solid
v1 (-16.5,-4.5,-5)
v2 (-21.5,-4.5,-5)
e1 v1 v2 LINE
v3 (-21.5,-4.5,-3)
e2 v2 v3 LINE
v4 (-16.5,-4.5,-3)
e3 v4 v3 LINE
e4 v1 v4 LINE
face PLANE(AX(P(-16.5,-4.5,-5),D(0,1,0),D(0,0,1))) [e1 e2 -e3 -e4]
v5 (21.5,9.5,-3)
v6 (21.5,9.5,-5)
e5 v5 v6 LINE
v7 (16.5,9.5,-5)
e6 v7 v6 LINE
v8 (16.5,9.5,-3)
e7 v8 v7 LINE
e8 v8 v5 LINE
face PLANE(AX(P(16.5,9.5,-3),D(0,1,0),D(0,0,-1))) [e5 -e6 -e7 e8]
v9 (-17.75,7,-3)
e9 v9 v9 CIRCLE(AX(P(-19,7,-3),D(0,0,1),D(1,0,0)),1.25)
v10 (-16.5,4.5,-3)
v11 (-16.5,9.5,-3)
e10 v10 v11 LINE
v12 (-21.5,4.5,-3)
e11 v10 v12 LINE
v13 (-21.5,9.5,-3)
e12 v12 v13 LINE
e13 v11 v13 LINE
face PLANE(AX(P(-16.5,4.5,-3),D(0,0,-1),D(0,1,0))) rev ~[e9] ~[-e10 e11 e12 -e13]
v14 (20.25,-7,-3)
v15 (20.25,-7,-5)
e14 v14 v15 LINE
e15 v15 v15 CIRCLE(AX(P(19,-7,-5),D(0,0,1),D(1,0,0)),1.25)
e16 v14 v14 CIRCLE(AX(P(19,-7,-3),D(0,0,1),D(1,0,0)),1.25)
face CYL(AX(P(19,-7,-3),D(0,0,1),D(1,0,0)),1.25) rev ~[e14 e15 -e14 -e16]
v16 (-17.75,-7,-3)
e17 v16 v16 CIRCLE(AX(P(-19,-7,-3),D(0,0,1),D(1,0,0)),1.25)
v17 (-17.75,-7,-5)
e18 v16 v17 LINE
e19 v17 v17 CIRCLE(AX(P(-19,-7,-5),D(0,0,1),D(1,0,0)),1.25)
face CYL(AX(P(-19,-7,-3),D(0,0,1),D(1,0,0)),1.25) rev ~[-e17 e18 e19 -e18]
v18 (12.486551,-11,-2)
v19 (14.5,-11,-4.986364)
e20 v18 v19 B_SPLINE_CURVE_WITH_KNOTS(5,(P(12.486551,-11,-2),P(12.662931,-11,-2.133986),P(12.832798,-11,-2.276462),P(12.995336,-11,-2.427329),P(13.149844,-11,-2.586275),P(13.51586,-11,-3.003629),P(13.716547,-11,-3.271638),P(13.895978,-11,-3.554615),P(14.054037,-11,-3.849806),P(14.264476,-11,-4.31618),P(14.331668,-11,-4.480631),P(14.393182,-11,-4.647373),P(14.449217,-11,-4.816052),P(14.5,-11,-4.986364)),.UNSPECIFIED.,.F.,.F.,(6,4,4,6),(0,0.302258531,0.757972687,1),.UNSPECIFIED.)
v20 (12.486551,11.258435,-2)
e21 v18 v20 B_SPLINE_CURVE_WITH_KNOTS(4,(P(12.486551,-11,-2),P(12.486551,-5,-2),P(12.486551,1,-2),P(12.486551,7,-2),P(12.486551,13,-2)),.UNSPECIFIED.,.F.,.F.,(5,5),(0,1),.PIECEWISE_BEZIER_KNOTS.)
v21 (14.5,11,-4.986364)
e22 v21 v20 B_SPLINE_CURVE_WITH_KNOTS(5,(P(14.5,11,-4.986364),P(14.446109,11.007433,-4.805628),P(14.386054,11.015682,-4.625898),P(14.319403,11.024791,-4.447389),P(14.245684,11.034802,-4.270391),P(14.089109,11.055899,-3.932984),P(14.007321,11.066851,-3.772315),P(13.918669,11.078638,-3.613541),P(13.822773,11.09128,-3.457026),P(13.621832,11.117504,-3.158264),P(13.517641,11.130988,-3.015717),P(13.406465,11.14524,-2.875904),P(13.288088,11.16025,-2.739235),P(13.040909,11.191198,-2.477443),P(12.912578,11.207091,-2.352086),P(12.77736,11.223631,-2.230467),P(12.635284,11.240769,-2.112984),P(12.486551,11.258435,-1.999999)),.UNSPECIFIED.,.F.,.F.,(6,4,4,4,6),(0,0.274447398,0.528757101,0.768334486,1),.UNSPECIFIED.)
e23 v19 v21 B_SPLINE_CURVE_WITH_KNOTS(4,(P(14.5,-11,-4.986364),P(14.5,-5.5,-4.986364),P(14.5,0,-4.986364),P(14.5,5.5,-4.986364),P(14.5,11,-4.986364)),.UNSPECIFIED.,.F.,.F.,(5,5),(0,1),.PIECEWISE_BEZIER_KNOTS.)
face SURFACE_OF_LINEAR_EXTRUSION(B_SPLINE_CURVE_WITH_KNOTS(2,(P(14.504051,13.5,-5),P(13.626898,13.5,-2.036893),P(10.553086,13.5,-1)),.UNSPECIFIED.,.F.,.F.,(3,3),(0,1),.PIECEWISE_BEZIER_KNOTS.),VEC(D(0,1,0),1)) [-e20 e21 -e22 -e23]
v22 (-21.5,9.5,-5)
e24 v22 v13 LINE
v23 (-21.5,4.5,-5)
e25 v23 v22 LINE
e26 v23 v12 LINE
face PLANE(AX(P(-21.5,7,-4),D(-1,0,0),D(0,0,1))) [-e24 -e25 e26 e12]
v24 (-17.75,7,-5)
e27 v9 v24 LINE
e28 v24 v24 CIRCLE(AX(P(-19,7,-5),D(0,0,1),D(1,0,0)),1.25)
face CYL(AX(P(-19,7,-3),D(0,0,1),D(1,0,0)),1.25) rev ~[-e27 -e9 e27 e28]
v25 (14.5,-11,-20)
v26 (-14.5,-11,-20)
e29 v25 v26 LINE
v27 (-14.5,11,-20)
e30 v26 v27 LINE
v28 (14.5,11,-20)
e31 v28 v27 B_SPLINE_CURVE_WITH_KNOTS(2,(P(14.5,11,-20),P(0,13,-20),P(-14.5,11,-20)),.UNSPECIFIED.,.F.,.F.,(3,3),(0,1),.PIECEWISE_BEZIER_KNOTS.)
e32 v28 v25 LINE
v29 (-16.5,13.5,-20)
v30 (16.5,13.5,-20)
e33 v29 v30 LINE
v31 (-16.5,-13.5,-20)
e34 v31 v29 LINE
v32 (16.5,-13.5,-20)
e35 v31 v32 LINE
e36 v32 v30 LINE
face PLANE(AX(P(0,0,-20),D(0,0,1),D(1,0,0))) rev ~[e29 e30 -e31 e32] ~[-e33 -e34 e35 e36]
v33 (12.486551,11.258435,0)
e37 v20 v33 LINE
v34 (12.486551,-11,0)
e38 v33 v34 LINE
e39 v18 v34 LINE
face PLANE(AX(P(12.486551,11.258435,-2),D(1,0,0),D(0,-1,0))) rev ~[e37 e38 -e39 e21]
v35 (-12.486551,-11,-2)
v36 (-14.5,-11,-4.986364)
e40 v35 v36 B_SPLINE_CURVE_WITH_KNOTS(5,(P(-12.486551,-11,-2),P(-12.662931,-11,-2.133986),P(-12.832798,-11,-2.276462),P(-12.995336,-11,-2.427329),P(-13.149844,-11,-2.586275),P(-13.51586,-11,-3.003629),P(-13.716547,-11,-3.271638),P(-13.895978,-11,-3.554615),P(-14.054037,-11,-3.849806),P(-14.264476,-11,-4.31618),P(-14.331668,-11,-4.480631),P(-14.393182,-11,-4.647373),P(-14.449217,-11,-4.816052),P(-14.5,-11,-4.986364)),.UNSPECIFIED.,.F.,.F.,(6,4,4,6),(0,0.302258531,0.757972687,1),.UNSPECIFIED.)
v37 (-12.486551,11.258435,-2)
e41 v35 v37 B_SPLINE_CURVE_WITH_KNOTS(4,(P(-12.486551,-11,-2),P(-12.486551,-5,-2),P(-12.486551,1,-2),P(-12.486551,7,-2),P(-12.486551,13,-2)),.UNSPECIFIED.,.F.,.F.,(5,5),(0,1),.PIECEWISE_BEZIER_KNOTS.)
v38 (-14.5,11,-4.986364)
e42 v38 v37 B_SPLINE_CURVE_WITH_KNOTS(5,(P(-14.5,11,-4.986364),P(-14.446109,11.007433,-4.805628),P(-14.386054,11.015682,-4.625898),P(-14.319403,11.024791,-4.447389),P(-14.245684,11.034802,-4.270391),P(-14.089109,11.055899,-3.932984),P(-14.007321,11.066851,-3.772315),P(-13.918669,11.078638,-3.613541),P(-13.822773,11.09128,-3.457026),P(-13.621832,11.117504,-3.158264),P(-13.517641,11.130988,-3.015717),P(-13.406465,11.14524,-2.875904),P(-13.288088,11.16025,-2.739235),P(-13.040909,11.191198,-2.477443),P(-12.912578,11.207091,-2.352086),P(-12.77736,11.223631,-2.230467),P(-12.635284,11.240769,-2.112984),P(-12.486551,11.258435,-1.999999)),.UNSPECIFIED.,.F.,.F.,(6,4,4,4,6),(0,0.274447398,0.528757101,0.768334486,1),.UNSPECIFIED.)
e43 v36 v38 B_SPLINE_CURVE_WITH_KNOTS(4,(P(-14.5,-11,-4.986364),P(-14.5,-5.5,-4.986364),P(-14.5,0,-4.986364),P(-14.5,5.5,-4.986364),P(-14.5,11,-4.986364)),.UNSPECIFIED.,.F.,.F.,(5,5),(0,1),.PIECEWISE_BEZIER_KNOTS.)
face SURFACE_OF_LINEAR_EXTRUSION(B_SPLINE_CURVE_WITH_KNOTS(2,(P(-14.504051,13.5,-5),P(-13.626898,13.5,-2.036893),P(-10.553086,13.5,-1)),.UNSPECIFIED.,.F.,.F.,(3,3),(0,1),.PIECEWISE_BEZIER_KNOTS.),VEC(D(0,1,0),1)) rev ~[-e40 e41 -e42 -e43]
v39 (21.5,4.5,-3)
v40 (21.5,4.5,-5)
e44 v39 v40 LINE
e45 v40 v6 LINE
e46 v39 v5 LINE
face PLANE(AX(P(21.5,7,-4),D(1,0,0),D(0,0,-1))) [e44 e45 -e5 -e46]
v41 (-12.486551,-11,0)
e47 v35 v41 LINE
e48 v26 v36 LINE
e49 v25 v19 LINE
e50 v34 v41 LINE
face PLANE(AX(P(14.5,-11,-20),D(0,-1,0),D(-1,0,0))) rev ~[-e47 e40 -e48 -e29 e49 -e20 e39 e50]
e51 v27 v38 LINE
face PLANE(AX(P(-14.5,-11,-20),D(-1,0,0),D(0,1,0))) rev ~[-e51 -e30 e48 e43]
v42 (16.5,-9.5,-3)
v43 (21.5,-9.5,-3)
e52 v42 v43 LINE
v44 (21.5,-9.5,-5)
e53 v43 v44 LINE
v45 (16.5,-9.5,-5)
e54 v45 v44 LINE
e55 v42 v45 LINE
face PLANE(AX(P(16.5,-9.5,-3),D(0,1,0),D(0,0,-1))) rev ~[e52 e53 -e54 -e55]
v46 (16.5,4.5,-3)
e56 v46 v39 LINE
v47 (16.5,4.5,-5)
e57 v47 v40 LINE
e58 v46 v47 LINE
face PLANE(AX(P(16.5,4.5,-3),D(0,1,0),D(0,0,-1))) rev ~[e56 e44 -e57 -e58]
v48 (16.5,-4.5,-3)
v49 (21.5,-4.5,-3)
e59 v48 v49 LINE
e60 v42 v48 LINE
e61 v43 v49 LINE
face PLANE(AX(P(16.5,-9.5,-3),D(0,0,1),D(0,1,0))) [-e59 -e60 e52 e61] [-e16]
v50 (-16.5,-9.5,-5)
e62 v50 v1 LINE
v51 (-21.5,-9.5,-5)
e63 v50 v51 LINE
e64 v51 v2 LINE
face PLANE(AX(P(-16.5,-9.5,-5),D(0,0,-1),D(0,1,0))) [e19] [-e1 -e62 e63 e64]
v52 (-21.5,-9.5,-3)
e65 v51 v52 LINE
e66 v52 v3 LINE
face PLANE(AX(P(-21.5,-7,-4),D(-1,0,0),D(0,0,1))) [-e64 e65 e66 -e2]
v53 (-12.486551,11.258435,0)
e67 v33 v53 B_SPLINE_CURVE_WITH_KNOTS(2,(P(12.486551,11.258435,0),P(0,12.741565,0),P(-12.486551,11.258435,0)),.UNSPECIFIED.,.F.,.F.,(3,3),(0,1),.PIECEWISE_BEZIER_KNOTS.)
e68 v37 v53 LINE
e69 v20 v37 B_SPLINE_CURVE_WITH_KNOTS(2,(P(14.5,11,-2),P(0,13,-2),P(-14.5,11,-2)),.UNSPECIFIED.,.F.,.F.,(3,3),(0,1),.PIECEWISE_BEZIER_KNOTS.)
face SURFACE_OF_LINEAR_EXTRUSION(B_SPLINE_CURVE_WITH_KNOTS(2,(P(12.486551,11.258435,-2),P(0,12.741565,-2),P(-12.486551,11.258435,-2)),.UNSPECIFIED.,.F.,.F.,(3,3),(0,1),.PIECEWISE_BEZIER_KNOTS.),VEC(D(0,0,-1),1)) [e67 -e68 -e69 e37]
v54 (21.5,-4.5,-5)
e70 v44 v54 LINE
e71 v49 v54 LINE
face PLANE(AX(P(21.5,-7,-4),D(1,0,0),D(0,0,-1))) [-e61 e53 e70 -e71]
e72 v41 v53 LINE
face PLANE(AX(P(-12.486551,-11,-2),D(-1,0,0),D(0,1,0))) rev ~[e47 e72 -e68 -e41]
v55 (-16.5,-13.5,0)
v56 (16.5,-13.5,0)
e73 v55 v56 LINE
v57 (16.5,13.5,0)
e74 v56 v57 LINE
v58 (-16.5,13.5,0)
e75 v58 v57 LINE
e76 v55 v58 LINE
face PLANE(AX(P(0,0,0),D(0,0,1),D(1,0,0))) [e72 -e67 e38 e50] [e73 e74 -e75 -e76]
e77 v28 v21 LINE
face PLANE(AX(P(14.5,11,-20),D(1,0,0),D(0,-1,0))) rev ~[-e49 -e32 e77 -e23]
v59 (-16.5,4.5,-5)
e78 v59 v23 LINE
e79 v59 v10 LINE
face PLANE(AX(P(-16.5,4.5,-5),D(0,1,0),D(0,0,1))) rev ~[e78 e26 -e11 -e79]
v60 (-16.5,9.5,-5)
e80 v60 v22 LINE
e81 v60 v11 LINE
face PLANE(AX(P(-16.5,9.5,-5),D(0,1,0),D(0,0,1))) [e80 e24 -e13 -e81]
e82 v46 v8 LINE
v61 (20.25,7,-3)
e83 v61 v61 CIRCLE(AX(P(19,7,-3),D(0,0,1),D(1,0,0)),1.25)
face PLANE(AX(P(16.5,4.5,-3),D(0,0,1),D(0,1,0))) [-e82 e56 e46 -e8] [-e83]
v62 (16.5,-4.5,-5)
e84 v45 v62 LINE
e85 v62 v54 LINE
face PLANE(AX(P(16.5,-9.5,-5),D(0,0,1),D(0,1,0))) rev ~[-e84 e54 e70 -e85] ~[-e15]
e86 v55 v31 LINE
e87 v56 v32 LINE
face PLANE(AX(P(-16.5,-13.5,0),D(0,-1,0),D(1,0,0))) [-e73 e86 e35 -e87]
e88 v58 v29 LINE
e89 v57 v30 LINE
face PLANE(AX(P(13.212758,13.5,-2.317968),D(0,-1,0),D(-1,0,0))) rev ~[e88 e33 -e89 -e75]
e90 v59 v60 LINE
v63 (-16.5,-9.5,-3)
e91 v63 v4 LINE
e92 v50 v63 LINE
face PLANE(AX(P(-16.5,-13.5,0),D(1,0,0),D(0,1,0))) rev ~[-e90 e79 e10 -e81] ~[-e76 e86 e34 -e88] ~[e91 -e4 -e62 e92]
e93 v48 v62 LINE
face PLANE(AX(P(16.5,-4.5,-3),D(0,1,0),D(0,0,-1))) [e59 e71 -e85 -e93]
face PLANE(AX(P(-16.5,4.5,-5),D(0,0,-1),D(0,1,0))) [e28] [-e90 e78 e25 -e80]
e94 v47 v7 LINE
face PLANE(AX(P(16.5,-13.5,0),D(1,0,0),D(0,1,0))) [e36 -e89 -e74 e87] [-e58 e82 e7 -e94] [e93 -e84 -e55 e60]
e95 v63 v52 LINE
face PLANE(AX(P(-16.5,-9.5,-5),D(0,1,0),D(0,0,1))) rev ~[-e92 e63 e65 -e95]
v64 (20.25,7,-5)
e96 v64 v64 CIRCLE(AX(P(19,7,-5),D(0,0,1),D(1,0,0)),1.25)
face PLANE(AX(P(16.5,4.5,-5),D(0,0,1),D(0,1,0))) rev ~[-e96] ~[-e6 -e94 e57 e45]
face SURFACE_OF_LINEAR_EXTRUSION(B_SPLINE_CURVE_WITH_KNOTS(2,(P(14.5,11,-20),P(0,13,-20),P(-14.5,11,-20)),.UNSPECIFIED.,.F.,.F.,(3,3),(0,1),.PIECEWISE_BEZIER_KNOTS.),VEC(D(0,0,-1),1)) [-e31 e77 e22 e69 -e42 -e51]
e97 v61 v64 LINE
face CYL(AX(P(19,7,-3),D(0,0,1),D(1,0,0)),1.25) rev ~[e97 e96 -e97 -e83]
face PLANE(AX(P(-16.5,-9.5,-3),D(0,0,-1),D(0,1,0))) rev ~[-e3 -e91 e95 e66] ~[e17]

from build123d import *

# Parameters (mm, degrees)
SKETCH2_W           = 33
SKETCH2_H           = 27
BOSS_EXTRUDE1_DEPTH = 20
CUT_EXTRUDE1_DEPTH  = 18
BOSS_EXTRUDE3_DEPTH = 25
CUT_EXTRUDE4_DEPTH  = 2
SKETCH10_W          = 2
SKETCH10_H          = 5
BOSS_EXTRUDE4_DEPTH = 5
SKETCH11_W          = 2
SKETCH11_H          = 5
BOSS_EXTRUDE5_DEPTH = 5
SKETCH12_R          = 1.25
CUT_EXTRUDE5_DEPTH  = 2


with BuildPart() as part:
    # Sketch2 → Boss-Extrude1 (new body)
    with BuildSketch(Plane.XY):
        Rectangle(SKETCH2_W, SKETCH2_H)
    extrude(amount=-BOSS_EXTRUDE1_DEPTH)

    # Sketch3 → Cut-Extrude1 (cut)
    with BuildSketch(Plane(origin=(0, 0, -20), x_dir=(-1, 0, 0), z_dir=(0, 0, -1))):
        with BuildLine():
            Line((-14.5, 11), (-14.5, -11))
            Line((-14.5, -11), (14.5, -11))
            Line((14.5, -11), (14.5, 11))
            add(Edge.make_bspline(
                [(-14.5, 11), (0, 13), (14.5, 11)],
                knots=[0, 0, 0, 1, 1, 1], degree=2))
        make_face()
    extrude(amount=-CUT_EXTRUDE1_DEPTH, mode=Mode.SUBTRACT)

    # Sketch4 → Boss-Extrude3 (add)
    with BuildSketch(Plane(origin=(0, 13.5, 0), x_dir=(1, 0, 0), z_dir=(0, 1, 0))):
        with BuildLine():
            Line((14.504051414, 5), (14.504051414, 2))
            Line((14.504051414, 2), (14.504051414, 1))
            Line((14.504051414, 1), (10.553086369, 1))
            add(Edge.make_bspline(
                [(14.504051414, 5), (13.626897644, 2.036892848), (10.553086369, 1)],
                knots=[0, 0, 0, 1, 1, 1], degree=2))
        make_face()
        with BuildLine():
            add(Edge.make_bspline(
                [(-14.504051414, 5), (-13.626897644, 2.036892848), (-10.553086369, 1)],
                knots=[0, 0, 0, 1, 1, 1], degree=2))
            Line((-10.553086369, 1), (-14.504051414, 1))
            Line((-14.504051414, 1), (-14.504051414, 2))
            Line((-14.504051414, 2), (-14.504051414, 5))
        make_face()
    extrude(amount=-BOSS_EXTRUDE3_DEPTH)

    # Sketch9 → Cut-Extrude4 (cut)
    with BuildSketch(Plane(origin=(0, 0, -2), x_dir=(-1, 0, 0), z_dir=(0, 0, -1))):
        with BuildLine():
            Line((-12.486551431, 11.258435355), (-12.486551431, -11))
            Line((-12.486551431, -11), (12.486551431, -11))
            Line((12.486551431, -11), (12.486551431, 11.258435355))
            add(Edge.make_bspline(
                [(-12.486551431, 11.258435355), (0, 12.741564645), (12.486551431, 11.258435355)],
                knots=[0, 0, 0, 1, 1, 1], degree=2))
        make_face()
    extrude(amount=-CUT_EXTRUDE4_DEPTH, mode=Mode.SUBTRACT)

    # Sketch10 → Boss-Extrude4 (add)
    with BuildSketch(Plane.ZY.offset(16.5)):
        with Locations((-4, 7)):
            Rectangle(SKETCH10_W, SKETCH10_H)
        with Locations((-4, -7)):
            Rectangle(SKETCH10_W, SKETCH10_H)
    extrude(amount=BOSS_EXTRUDE4_DEPTH)

    # Sketch11 → Boss-Extrude5 (add)
    with BuildSketch(Plane(origin=(16.5, 0, 0), x_dir=(0, 0, -1), z_dir=(1, 0, 0))):
        with Locations((4, 7)):
            Rectangle(SKETCH11_W, SKETCH11_H)
        with Locations((4, -7)):
            Rectangle(SKETCH11_W, SKETCH11_H)
    extrude(amount=BOSS_EXTRUDE5_DEPTH)

    # Sketch12 → Cut-Extrude5 (cut)
    with BuildSketch(Plane.XY.offset(-3)):
        with Locations((19, -7)):
            Circle(SKETCH12_R)
        with Locations((19, 7)):
            Circle(SKETCH12_R)
        with Locations((-19, 7)):
            Circle(SKETCH12_R)
        with Locations((-19, -7)):
            Circle(SKETCH12_R)
    extrude(amount=-CUT_EXTRUDE5_DEPTH, mode=Mode.SUBTRACT)


solid = part.part
